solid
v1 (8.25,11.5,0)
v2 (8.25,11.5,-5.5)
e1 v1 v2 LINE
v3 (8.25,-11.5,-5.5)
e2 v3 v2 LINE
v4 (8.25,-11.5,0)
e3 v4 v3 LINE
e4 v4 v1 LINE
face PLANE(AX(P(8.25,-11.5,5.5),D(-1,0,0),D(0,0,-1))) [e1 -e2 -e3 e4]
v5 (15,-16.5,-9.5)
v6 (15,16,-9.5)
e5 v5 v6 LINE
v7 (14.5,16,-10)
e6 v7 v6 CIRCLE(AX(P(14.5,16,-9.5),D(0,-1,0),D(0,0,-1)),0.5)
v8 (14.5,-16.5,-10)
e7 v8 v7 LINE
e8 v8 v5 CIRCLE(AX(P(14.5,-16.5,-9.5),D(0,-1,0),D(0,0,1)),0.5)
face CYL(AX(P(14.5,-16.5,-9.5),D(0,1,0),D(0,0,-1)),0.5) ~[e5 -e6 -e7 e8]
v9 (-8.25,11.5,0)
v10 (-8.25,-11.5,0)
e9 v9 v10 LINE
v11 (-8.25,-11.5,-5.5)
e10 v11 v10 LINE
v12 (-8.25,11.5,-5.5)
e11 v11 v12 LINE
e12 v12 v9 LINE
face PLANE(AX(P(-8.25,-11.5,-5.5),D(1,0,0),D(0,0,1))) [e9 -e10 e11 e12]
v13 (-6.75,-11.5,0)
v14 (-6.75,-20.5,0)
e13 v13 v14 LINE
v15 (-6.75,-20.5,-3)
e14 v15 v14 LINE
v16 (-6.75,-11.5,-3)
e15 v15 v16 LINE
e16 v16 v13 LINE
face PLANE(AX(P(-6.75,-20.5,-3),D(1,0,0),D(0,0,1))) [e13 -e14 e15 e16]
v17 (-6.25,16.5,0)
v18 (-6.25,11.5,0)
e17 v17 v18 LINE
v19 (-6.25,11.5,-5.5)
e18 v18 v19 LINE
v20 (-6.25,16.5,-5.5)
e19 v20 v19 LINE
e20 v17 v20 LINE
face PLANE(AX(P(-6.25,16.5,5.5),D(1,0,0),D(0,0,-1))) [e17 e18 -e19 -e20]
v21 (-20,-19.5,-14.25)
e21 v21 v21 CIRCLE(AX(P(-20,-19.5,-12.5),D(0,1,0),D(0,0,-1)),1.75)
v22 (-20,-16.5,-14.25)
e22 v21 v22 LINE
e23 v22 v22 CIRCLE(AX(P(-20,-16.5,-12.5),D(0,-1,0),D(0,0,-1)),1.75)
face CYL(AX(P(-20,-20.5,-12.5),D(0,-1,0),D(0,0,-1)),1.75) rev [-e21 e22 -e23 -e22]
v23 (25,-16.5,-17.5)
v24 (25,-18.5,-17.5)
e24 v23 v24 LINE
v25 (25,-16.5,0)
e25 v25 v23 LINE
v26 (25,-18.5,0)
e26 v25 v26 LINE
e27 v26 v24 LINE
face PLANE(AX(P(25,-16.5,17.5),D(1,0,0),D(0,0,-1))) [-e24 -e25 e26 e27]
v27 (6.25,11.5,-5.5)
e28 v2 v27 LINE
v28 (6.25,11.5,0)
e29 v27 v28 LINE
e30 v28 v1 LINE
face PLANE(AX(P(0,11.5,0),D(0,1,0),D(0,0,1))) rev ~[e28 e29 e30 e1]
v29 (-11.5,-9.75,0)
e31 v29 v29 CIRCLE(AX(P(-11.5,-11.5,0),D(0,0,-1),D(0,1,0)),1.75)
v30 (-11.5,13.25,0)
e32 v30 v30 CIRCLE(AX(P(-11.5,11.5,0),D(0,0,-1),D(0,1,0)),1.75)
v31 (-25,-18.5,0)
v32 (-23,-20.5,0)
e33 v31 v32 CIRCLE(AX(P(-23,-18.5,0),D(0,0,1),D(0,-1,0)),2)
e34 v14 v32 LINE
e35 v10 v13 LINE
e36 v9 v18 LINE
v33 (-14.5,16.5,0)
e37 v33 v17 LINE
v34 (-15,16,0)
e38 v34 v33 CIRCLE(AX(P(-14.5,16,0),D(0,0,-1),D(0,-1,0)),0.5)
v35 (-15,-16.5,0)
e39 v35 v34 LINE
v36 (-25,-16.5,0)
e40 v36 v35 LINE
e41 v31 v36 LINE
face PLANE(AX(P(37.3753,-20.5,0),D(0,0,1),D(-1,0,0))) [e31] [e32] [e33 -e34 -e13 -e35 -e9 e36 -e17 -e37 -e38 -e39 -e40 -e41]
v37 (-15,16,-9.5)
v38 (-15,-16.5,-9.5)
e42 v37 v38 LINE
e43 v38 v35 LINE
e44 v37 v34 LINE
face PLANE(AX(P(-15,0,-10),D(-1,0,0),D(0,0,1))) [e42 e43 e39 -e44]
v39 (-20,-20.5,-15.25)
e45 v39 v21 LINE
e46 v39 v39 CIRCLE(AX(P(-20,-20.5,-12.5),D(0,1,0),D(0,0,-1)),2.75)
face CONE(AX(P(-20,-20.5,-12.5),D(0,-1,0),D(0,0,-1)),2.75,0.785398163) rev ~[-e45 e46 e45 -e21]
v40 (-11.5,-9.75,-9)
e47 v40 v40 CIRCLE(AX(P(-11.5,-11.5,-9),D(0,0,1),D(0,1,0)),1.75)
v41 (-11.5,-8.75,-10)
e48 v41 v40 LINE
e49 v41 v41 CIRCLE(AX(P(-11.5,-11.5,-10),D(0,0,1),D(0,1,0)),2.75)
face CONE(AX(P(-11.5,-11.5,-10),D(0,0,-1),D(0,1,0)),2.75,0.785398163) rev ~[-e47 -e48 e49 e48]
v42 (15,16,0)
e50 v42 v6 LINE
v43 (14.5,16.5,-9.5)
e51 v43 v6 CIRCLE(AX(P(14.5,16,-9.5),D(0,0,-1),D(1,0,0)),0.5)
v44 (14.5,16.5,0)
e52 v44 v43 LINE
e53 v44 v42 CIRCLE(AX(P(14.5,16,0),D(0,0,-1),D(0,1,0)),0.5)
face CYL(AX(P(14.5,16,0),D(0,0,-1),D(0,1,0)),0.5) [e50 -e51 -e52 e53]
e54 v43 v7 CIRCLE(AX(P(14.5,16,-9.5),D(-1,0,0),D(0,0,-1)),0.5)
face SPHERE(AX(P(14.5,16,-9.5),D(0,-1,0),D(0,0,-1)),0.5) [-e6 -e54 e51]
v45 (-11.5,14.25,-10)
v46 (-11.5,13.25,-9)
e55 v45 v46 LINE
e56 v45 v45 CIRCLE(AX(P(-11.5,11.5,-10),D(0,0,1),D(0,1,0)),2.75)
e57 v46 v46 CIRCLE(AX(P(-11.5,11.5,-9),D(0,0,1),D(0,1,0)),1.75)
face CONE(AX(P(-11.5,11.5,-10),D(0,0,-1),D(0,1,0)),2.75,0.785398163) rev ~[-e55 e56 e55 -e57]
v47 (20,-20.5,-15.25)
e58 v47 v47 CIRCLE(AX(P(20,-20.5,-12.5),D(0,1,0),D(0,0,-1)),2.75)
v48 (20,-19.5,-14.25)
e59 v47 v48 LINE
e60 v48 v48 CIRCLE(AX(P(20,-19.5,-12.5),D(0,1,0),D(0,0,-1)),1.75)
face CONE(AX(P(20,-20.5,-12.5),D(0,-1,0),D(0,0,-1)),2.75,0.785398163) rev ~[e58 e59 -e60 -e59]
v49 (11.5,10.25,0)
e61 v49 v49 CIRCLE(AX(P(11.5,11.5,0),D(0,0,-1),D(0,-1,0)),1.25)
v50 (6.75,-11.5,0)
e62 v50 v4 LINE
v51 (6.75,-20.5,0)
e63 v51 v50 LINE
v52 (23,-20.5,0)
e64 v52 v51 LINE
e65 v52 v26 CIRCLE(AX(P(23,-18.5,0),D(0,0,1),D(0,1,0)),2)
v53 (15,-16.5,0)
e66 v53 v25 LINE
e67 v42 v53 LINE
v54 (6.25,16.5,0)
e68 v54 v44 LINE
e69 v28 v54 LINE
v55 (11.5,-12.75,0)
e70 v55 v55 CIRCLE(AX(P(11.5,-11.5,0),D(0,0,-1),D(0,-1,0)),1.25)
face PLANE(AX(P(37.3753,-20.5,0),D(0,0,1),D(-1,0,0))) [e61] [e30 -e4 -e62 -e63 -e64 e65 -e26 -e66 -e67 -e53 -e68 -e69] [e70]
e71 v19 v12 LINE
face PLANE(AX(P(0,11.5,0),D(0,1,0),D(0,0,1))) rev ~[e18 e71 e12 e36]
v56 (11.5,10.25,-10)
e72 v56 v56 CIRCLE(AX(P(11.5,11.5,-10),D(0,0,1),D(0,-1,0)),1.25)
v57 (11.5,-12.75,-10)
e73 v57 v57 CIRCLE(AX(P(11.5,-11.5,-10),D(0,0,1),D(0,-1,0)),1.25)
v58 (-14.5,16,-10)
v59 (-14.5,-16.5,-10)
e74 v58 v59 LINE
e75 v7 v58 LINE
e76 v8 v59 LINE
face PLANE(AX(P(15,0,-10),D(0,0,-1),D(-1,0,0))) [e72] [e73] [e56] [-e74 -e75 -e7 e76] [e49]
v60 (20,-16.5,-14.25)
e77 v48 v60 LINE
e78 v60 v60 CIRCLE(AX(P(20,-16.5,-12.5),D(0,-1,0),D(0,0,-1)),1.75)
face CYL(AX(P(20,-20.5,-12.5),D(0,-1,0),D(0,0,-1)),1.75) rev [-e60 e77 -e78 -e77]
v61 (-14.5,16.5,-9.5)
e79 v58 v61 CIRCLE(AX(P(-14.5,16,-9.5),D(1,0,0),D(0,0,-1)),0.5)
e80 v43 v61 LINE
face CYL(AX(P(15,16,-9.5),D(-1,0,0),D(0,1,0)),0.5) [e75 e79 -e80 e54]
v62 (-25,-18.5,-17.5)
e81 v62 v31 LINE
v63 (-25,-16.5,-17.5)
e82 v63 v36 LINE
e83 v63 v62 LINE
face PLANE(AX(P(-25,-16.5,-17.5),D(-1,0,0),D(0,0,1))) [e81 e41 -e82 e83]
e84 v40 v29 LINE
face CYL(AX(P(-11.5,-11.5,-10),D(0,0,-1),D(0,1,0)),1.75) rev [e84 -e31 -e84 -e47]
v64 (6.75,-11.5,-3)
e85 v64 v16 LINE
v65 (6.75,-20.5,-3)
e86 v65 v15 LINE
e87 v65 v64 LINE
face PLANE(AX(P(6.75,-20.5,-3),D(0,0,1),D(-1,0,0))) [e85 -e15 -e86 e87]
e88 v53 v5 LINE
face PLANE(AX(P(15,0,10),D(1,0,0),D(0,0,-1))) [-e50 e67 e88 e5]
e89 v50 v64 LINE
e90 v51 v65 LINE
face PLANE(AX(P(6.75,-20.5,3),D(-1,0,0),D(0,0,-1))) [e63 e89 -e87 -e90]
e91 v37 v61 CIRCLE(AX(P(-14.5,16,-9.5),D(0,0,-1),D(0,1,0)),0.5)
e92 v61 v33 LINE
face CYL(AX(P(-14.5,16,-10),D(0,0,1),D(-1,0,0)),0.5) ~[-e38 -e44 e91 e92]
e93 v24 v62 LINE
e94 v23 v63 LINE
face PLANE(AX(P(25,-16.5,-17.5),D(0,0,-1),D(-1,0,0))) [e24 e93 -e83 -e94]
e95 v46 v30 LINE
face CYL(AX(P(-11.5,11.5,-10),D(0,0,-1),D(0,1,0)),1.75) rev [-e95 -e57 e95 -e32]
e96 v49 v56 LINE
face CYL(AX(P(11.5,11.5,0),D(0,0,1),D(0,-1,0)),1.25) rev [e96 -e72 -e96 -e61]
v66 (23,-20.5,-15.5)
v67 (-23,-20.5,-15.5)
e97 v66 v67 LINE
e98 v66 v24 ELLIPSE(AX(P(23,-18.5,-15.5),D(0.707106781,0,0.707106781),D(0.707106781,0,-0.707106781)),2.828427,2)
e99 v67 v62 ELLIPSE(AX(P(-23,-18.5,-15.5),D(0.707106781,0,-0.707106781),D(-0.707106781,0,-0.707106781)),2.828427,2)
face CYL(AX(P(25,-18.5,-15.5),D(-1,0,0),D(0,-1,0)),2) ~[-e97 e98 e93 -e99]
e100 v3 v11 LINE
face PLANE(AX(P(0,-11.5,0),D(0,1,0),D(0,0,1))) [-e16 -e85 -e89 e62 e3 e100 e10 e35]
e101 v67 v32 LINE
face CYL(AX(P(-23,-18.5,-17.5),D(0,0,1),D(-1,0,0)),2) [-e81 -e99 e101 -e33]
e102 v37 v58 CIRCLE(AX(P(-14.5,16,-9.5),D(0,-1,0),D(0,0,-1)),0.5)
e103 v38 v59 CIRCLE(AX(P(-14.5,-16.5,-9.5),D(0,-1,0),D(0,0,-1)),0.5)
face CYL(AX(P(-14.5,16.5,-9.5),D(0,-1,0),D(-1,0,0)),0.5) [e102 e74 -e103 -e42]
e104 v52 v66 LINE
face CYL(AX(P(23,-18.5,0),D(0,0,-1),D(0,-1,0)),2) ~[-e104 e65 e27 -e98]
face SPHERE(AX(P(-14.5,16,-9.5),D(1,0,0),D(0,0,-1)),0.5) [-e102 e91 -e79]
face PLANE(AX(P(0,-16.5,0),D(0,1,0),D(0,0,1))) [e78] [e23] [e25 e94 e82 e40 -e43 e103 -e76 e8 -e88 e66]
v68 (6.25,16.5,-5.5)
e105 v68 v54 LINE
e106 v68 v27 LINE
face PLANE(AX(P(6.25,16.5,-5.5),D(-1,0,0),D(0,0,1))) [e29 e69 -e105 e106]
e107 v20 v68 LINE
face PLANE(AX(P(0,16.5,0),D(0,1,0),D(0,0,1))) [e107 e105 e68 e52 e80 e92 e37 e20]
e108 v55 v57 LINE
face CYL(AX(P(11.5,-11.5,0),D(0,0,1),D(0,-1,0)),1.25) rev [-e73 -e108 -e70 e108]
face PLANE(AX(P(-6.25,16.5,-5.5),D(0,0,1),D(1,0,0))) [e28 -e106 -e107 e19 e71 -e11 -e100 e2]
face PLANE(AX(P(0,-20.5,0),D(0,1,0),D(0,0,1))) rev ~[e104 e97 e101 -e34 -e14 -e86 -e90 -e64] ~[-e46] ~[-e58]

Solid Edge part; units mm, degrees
sketch "Sketch1" plane through (0, 0, 0) normal (0, -1, 0) x (1, 0, 0)
  line L0 (-15, 10) -> (15, 10)
  line L1 (15, 10) -> (15, -10)
  line L2 (15, -10) -> (-15, -10)
  line L3 (-15, -10) -> (-15, 10)
  dimension "D1" = 20
  dimension "D2" = 30
extrude "Protrusion1" add sketch "Sketch1" along normal mid plane 33
sketch "Sketch2" plane through (0, -16.5, 0) normal (0, -1, 0) x (1, 0, 0)
  line L0 (-25, 17.5) -> (25, 17.5)
  line L1 (25, 17.5) -> (25, -17.5)
  line L2 (25, -17.5) -> (-25, -17.5)
  line L3 (-25, -17.5) -> (-25, 17.5)
  dimension "D1" = 50
  dimension "D2" = 35
extrude "Ausprägung_2" add sketch "Sketch2" along normal blind 4
sketch "Sketch3" plane through (0, -20.5, 0) normal (0, -1, 0) x (1, 0, 0)
  line L0 (-6.75, 3) -> (6.75, 3)
  line L1 (6.75, 3) -> (6.75, -3)
  line L2 (6.75, -3) -> (-6.75, -3)
  line L3 (-6.75, -3) -> (-6.75, 3)
  dimension "D1" = 13.5
  dimension "D2" = 6
extrude "Ausschnitt_1" cut sketch "Sketch3" against normal blind 9
sketch "Sketch4" plane through (0, -11.5, 0) normal (0, -1, 0) x (1, 0, 0)
  line L0 (-8.25, 5.5) -> (8.25, 5.5)
  line L1 (8.25, 5.5) -> (8.25, -5.5)
  line L2 (8.25, -5.5) -> (-8.25, -5.5)
  line L3 (-8.25, -5.5) -> (-8.25, 5.5)
  dimension "D1" = 16.5
  dimension "D2" = 11
extrude "Ausschnitt_2" cut sketch "Sketch4" against normal blind 23
sketch "Sketch5" plane through (0, 16.5, 0) normal (0, 1, 0) x (-1, 0, 0)
  line L0 (6.25, 5.5) -> (6.25, -5.5)
  line L1 (6.25, -5.5) -> (-6.25, -5.5)
  line L2 (-6.25, -5.5) -> (-6.25, 5.5)
  line L3 (-6.25, 5.5) -> (6.25, 5.5)
  dimension "D1" = 11
  dimension "D2" = 12.5
extrude "Ausschnitt_3" cut sketch "Sketch5" against normal blind 5
sketch "Sketch6" plane through (0, -20.5, 0) normal (0, -1, 0) x (1, 0, 0)
  line L0 (-37.3753, 23.8002) -> (37.3753, 23.8002)
  line L1 (37.3753, 23.8002) -> (37.3753, 0)
  line L2 (37.3753, 0) -> (-37.3753, 0)
  line L3 (-37.3753, 0) -> (-37.3753, 23.8002)
extrude "Ausschnitt_4" cut sketch "Sketch6" against normal blind 187.325
hole "Bohrung_1" at (20, -20.5, -12.5) direction (0, 1, 0) diameter 3.5 end up to next countersink diameter 5.5 countersink angle 90
hole "Hole1" at (-20, -20.5, -12.5) direction (0, 1, 0) diameter 3.5 end up to next countersink diameter 5.5 countersink angle 90
hole "Bohrung_3" at (11.5, -11.5, 0) direction (0, 0, -1) diameter 2.5 end through all
hole "Hole2" at (11.5, 11.5, 0) direction (0, 0, -1) diameter 2.5 end through all
hole "Bohrung_5" at (-11.5, 11.5, -10) direction (0, 0, 1) diameter 3.5 end up to next countersink diameter 5.5 countersink angle 90
hole "Hole3" at (-11.5, -11.5, -10) direction (0, 0, 1) diameter 3.5 end up to next countersink diameter 5.5 countersink angle 90
fillet "Verrundung_2" radius 2 3 edges at (25, -20.5, -8.75) (0, -20.5, -17.5) (-25, -20.5, -8.75)
fillet "Verrundung_3" radius 0.5 5 edges at (15, 0, -10) (0, 16.5, -10) (-15, 0, -10) (-15, 16.5, -5) (15, 16.5, -5)
